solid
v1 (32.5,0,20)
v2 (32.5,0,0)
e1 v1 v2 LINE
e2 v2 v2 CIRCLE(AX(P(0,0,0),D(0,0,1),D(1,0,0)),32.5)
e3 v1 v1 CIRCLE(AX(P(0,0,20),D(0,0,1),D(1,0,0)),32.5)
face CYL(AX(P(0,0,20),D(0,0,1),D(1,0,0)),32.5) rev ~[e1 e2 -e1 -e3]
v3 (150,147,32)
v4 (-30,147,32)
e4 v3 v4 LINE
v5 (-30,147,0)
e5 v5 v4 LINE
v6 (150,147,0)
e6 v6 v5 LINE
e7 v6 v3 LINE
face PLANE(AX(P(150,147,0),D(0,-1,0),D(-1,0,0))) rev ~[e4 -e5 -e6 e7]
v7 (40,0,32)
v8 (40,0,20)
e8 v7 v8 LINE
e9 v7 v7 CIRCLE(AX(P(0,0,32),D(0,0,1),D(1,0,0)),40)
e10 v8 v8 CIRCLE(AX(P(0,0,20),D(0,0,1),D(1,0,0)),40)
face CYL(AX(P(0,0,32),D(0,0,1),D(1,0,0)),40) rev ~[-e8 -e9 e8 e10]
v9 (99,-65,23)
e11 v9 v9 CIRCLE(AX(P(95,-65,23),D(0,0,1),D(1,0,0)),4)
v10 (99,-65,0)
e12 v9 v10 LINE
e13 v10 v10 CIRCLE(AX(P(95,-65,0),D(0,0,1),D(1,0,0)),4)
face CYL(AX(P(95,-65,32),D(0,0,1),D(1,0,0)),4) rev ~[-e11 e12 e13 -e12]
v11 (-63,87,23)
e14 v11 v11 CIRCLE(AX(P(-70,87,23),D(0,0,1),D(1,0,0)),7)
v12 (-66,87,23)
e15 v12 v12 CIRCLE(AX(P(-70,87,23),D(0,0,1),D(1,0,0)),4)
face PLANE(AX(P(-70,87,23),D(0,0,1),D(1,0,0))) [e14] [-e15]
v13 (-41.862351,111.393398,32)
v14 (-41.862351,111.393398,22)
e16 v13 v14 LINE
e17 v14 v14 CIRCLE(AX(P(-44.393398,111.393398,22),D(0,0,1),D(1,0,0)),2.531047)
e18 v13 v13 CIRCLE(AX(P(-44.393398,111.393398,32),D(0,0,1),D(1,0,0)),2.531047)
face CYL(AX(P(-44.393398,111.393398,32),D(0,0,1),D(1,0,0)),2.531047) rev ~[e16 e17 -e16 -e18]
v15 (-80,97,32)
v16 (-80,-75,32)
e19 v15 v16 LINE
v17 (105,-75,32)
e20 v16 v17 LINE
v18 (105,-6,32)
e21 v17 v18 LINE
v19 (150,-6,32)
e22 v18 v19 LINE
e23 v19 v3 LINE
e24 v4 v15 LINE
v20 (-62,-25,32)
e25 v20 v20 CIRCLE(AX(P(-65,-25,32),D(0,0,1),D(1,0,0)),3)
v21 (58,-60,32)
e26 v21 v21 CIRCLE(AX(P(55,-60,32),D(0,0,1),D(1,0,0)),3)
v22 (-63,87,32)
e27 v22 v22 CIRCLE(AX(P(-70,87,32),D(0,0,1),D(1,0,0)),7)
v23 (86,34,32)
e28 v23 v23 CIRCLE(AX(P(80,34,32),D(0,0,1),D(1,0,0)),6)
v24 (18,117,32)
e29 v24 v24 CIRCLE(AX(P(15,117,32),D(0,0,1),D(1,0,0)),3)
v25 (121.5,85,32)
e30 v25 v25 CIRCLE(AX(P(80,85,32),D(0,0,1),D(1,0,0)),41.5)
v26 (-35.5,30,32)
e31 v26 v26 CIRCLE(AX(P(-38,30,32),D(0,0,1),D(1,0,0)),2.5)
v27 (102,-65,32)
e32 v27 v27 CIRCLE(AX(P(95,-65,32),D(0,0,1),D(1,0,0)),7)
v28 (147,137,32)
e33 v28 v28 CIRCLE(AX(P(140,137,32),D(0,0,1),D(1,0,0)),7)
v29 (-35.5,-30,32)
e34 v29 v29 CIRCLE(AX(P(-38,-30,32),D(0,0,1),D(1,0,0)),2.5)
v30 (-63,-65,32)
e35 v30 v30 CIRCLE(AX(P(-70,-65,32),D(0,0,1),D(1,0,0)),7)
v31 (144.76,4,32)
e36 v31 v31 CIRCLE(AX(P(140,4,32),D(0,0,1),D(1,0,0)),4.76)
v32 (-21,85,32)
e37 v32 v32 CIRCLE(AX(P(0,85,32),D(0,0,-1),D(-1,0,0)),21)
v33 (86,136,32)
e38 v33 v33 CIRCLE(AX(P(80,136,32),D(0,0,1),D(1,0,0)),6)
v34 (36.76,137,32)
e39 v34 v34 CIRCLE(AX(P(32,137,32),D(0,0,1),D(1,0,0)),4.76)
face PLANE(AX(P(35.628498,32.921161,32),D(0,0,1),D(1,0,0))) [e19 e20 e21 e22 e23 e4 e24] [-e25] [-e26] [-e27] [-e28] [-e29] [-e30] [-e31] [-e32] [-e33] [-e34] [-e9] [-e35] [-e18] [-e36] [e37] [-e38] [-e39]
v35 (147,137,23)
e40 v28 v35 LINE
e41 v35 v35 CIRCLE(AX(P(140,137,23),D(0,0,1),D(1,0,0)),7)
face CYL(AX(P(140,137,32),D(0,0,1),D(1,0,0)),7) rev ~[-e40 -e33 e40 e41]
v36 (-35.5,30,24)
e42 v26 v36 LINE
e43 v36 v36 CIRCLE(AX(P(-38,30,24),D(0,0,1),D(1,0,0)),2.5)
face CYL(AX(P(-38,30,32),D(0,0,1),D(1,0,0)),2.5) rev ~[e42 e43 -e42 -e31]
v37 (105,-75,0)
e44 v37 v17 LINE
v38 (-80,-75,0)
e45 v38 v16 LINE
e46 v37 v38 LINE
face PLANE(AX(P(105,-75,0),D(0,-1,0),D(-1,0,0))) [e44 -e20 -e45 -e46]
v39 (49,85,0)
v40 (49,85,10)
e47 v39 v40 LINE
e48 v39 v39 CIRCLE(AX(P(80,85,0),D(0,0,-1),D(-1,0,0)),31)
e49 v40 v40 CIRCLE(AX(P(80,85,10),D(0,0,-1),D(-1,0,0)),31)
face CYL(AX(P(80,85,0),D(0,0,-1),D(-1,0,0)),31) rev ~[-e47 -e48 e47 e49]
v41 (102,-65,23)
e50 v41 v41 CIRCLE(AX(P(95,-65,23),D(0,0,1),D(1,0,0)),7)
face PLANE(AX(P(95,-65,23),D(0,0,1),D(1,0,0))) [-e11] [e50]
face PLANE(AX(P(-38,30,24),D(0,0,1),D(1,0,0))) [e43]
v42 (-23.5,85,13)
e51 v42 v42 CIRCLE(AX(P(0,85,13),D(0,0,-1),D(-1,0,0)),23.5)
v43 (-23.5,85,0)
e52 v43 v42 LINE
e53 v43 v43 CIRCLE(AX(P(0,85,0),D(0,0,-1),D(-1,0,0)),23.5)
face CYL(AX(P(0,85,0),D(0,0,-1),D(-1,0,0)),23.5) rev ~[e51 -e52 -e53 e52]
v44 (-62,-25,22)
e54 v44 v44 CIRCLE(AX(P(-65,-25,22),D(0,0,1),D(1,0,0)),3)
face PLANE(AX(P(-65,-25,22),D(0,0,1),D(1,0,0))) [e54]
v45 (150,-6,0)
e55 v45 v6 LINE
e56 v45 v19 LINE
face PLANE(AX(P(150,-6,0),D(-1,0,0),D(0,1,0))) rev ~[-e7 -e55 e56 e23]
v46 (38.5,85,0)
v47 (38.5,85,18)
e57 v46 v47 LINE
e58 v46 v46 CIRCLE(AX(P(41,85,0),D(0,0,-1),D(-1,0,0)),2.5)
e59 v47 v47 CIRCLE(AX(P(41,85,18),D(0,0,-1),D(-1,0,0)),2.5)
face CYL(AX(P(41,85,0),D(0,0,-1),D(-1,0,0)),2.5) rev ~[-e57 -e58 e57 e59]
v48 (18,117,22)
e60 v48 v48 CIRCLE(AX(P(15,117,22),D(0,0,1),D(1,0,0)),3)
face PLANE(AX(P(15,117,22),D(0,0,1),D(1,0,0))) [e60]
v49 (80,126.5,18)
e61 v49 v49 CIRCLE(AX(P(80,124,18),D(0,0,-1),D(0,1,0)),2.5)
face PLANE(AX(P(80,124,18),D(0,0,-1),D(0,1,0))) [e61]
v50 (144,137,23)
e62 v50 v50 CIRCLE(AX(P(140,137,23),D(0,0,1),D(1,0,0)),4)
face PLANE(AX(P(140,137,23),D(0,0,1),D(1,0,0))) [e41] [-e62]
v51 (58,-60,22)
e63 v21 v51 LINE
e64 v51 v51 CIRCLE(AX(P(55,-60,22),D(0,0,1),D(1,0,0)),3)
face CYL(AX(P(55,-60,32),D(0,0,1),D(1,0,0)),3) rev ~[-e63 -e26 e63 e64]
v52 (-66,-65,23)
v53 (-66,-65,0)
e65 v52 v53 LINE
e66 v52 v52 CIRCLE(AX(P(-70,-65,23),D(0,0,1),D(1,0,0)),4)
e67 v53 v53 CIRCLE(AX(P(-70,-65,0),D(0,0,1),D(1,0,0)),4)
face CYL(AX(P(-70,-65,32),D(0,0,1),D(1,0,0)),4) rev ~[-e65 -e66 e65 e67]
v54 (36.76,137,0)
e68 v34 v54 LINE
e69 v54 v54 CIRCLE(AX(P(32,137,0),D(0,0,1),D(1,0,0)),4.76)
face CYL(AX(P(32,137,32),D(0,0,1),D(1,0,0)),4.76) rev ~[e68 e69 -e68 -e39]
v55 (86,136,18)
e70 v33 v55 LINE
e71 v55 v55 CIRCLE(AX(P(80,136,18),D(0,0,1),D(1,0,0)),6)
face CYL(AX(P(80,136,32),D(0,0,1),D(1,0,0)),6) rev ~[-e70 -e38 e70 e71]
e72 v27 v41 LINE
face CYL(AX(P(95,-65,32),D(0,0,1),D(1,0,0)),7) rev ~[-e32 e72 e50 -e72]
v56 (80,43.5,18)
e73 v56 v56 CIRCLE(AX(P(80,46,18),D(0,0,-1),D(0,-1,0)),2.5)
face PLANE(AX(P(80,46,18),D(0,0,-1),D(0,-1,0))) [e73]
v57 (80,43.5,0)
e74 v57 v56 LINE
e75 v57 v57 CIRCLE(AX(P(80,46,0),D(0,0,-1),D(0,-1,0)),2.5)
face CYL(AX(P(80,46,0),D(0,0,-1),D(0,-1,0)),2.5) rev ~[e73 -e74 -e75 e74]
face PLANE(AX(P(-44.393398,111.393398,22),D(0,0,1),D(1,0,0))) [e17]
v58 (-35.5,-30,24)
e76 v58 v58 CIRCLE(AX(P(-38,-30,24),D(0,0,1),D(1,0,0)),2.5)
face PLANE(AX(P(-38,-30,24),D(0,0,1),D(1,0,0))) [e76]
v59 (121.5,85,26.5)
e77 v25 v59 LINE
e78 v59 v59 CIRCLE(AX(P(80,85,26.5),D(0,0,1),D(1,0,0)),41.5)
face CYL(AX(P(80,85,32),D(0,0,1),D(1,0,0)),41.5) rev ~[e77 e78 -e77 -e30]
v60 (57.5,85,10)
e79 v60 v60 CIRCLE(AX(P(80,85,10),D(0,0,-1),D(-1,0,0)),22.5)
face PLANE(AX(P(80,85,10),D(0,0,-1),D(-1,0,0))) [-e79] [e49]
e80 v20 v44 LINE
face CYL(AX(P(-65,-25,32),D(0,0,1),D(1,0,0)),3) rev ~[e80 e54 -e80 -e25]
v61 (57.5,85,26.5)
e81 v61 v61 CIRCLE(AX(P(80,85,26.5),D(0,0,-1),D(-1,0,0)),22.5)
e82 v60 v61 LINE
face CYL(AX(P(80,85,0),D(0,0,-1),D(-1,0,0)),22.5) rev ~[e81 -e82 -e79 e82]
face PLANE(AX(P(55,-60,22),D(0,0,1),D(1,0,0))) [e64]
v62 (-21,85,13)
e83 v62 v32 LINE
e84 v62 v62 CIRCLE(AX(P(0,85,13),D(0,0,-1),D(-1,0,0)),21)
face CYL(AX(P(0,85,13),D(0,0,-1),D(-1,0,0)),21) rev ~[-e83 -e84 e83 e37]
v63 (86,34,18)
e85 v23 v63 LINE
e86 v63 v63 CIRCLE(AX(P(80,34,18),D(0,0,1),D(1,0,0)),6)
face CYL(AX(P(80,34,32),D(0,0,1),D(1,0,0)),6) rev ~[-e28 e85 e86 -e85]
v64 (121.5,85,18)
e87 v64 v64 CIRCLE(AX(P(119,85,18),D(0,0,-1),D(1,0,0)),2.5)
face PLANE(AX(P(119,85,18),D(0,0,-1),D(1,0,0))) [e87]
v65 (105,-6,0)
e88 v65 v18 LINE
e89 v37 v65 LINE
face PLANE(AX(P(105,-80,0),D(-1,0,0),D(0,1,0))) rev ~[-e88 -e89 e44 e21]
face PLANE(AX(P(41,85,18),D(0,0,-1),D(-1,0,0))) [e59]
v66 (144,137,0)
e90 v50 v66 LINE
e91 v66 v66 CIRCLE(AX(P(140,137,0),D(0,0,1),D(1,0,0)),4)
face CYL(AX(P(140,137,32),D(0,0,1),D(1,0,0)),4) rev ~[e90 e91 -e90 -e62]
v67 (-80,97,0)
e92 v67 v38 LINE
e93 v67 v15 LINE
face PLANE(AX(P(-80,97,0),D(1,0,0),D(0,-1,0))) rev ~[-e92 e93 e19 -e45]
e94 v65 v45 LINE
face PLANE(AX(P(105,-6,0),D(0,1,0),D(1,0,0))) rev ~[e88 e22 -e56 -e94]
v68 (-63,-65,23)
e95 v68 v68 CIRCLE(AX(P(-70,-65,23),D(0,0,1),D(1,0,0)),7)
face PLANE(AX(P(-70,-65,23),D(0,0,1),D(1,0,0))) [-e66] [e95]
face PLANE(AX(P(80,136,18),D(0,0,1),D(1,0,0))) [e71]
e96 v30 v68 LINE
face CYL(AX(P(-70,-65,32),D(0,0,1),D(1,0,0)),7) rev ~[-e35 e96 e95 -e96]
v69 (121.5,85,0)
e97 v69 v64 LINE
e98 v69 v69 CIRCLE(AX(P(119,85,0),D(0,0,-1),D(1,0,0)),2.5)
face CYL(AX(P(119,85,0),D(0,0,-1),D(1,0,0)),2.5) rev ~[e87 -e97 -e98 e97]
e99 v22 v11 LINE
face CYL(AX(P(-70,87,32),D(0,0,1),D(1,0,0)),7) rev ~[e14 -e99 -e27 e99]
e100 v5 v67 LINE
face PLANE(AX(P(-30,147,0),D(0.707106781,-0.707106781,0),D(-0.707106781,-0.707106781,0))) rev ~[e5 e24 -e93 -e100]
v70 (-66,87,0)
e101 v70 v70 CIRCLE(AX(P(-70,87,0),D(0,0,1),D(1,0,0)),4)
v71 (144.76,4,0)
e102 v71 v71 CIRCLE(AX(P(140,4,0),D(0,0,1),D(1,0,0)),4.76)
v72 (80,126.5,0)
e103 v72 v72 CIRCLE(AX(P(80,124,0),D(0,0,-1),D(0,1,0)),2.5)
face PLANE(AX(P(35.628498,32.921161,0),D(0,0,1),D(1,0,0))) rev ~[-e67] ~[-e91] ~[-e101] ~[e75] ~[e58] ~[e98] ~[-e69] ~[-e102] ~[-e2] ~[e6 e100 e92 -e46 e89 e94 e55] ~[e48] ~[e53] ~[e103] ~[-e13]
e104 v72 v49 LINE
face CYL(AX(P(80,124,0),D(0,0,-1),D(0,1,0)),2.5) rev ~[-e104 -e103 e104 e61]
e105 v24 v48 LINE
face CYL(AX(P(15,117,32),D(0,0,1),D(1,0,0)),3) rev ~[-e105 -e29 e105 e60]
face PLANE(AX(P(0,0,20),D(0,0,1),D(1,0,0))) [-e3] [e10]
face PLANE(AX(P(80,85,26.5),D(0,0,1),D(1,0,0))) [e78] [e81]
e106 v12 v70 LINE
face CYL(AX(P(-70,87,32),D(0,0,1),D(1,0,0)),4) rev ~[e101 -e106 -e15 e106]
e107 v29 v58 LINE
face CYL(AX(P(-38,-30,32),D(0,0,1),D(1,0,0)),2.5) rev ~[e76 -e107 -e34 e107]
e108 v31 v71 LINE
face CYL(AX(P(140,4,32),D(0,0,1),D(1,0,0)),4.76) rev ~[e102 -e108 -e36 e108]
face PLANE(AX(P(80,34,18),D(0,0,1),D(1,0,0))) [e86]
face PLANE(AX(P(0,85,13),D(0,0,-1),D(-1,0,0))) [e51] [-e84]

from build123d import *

# Parameters (mm, degrees)
EXTRUDE_1_DEPTH          = 32
SKETCH_3_R               = 40
CUT_EXTRUDE_1_DEPTH      = 12
SKETCH_4_R               = 32.5
CUT_EXTRUDE_2_DEPTH      = 113
SKETCH_5_R               = 23.5
CUT_EXTRUDE_3_DEPTH      = 13
SKETCH_6_R               = 21
CUT_EXTRUDE_4_DEPTH      = 113
SKETCH_7_R               = 22.5
CUT_EXTRUDE_5_DEPTH      = 40
SKETCH_8_R               = 41.5
CUT_EXTRUDE_6_DEPTH      = 5.5
SKETCH_9_R               = 31
CUT_EXTRUDE_7_DEPTH      = 10
SKETCH_10_R              = 2.5
CUT_EXTRUDE_8_DEPTH      = 18
PATTERN_CIRCULAR_1_COUNT = 4
SKETCH_12_W              = 185
SKETCH_12_H              = 5
CUT_EXTRUDE_10_DEPTH     = 114
SKETCH_13_R              = 6
CUT_EXTRUDE_11_DEPTH     = 14
SKETCH_14_R              = 4
SKETCH_14_R_2            = 4.76
CUT_EXTRUDE_12_DEPTH     = 96
SKETCH_15_R              = 7
CUT_EXTRUDE_13_DEPTH     = 9
SKETCH_16_R              = 2.531047244
SKETCH_16_R_2            = 3
CUT_EXTRUDE_14_DEPTH     = 10
SKETCH_17_R              = 2.5
CUT_EXTRUDE_15_DEPTH     = 8


with BuildPart() as part:
    # 草图1 → 凸台-拉伸1 (new body)
    with BuildSketch(Plane.XY):
        Polygon((105, -80), (105, -6), (150, -6), (150, 147), (-30, 147), (-80, 97), (-80, -80), align=None)
    extrude(amount=EXTRUDE_1_DEPTH)

    # 草图3 → 切除-拉伸1 (cut)
    with BuildSketch(Plane.XY.offset(32)):
        Circle(SKETCH_3_R)
    extrude(amount=-CUT_EXTRUDE_1_DEPTH, mode=Mode.SUBTRACT)

    # 草图4 → 切除-拉伸2 (cut)
    with BuildSketch(Plane.XY.offset(20)):
        Circle(SKETCH_4_R)
    extrude(amount=-CUT_EXTRUDE_2_DEPTH, mode=Mode.SUBTRACT)

    # 草图5 → 切除-拉伸3 (cut)
    with BuildSketch(Plane(origin=(0, 0, 0), x_dir=(-1, 0, 0), z_dir=(0, 0, -1))):
        with Locations((0, 85)):
            Circle(SKETCH_5_R)
    extrude(amount=-CUT_EXTRUDE_3_DEPTH, mode=Mode.SUBTRACT)

    # 草图6 → 切除-拉伸4 (cut)
    with BuildSketch(Plane(origin=(0, 0, 13), x_dir=(-1, 0, 0), z_dir=(0, 0, -1))):
        with Locations((0, 85)):
            Circle(SKETCH_6_R)
    extrude(amount=-CUT_EXTRUDE_4_DEPTH, mode=Mode.SUBTRACT)

    # 草图7 → 切除-拉伸5 (cut)
    with BuildSketch(Plane(origin=(0, 0, 0), x_dir=(-1, 0, 0), z_dir=(0, 0, -1))):
        with Locations((-80, 85)):
            Circle(SKETCH_7_R)
    extrude(amount=-CUT_EXTRUDE_5_DEPTH, mode=Mode.SUBTRACT)

    # 草图8 → 切除-拉伸6 (cut)
    with BuildSketch(Plane.XY.offset(32)):
        with Locations((80, 85)):
            Circle(SKETCH_8_R)
    extrude(amount=-CUT_EXTRUDE_6_DEPTH, mode=Mode.SUBTRACT)

    # 草图9 → 切除-拉伸7 (cut)
    with BuildSketch(Plane(origin=(0, 0, 0), x_dir=(-1, 0, 0), z_dir=(0, 0, -1))):
        with Locations((-80, 85)):
            Circle(SKETCH_9_R)
    extrude(amount=-CUT_EXTRUDE_7_DEPTH, mode=Mode.SUBTRACT)

    # 草图10 → 切除-拉伸8 (cut)
    with BuildSketch(Plane(origin=(0, 0, 0), x_dir=(-1, 0, 0), z_dir=(0, 0, -1))):
        with Locations((-41, 85)):
            Circle(SKETCH_10_R)
    cut_extrude_8 = extrude(amount=-CUT_EXTRUDE_8_DEPTH, mode=Mode.SUBTRACT)

    # 阵列(圆周)1: 切除-拉伸8 ×4 about axis
    pattern_circular_1_axis = Axis((80, 85, 0), (0, 0, 1))
    for i in range(1, PATTERN_CIRCULAR_1_COUNT):
        add(cut_extrude_8.rotate(pattern_circular_1_axis, i * 360 / PATTERN_CIRCULAR_1_COUNT), mode=Mode.SUBTRACT)

    # 草图12 → 切除-拉伸10 (cut)
    with BuildSketch(Plane(origin=(0, 0, 0), x_dir=(-1, 0, 0), z_dir=(0, 0, -1))):
        with Locations((-12.5, -77.5)):
            Rectangle(SKETCH_12_W, SKETCH_12_H)
    extrude(amount=-CUT_EXTRUDE_10_DEPTH, mode=Mode.SUBTRACT)

    # 草图13 → 切除-拉伸11 (cut)
    with BuildSketch(Plane.XY.offset(32)):
        with Locations((80, 34)):
            Circle(SKETCH_13_R)
        with Locations((80, 136)):
            Circle(SKETCH_13_R)
    extrude(amount=-CUT_EXTRUDE_11_DEPTH, mode=Mode.SUBTRACT)

    # 草图14 → 切除-拉伸12 (cut)
    with BuildSketch(Plane.XY.offset(32)):
        with Locations((140, 137)):
            Circle(SKETCH_14_R)
        with Locations((140, 4)):
            Circle(SKETCH_14_R_2)
        with Locations((32, 137)):
            Circle(SKETCH_14_R_2)
        with Locations((-70, -65)):
            Circle(SKETCH_14_R)
        with Locations((95, -65)):
            Circle(SKETCH_14_R)
        with Locations((-70, 87)):
            Circle(SKETCH_14_R)
    extrude(amount=-CUT_EXTRUDE_12_DEPTH, mode=Mode.SUBTRACT)

    # 草图15 → 切除-拉伸13 (cut)
    with BuildSketch(Plane.XY.offset(32)):
        with Locations((140, 137)):
            Circle(SKETCH_15_R)
        with Locations((95, -65)):
            Circle(SKETCH_15_R)
        with Locations((-70, -65)):
            Circle(SKETCH_15_R)
        with Locations((-70, 87)):
            Circle(SKETCH_15_R)
    extrude(amount=-CUT_EXTRUDE_13_DEPTH, mode=Mode.SUBTRACT)

    # 草图16 → 切除-拉伸14 (cut)
    with BuildSketch(Plane.XY.offset(32)):
        with Locations((-44.393398282, 111.393398282)):
            Circle(SKETCH_16_R)
        with Locations((55, -60)):
            Circle(SKETCH_16_R_2)
        with Locations((-65, -25)):
            Circle(SKETCH_16_R_2)
        with Locations((15, 117)):
            Circle(SKETCH_16_R_2)
    extrude(amount=-CUT_EXTRUDE_14_DEPTH, mode=Mode.SUBTRACT)

    # 草图17 → 切除-拉伸15 (cut)
    with BuildSketch(Plane.XY.offset(32)):
        with Locations((-38, 30)):
            Circle(SKETCH_17_R)
        with Locations((-38, -30)):
            Circle(SKETCH_17_R)
    extrude(amount=-CUT_EXTRUDE_15_DEPTH, mode=Mode.SUBTRACT)


solid = part.part
